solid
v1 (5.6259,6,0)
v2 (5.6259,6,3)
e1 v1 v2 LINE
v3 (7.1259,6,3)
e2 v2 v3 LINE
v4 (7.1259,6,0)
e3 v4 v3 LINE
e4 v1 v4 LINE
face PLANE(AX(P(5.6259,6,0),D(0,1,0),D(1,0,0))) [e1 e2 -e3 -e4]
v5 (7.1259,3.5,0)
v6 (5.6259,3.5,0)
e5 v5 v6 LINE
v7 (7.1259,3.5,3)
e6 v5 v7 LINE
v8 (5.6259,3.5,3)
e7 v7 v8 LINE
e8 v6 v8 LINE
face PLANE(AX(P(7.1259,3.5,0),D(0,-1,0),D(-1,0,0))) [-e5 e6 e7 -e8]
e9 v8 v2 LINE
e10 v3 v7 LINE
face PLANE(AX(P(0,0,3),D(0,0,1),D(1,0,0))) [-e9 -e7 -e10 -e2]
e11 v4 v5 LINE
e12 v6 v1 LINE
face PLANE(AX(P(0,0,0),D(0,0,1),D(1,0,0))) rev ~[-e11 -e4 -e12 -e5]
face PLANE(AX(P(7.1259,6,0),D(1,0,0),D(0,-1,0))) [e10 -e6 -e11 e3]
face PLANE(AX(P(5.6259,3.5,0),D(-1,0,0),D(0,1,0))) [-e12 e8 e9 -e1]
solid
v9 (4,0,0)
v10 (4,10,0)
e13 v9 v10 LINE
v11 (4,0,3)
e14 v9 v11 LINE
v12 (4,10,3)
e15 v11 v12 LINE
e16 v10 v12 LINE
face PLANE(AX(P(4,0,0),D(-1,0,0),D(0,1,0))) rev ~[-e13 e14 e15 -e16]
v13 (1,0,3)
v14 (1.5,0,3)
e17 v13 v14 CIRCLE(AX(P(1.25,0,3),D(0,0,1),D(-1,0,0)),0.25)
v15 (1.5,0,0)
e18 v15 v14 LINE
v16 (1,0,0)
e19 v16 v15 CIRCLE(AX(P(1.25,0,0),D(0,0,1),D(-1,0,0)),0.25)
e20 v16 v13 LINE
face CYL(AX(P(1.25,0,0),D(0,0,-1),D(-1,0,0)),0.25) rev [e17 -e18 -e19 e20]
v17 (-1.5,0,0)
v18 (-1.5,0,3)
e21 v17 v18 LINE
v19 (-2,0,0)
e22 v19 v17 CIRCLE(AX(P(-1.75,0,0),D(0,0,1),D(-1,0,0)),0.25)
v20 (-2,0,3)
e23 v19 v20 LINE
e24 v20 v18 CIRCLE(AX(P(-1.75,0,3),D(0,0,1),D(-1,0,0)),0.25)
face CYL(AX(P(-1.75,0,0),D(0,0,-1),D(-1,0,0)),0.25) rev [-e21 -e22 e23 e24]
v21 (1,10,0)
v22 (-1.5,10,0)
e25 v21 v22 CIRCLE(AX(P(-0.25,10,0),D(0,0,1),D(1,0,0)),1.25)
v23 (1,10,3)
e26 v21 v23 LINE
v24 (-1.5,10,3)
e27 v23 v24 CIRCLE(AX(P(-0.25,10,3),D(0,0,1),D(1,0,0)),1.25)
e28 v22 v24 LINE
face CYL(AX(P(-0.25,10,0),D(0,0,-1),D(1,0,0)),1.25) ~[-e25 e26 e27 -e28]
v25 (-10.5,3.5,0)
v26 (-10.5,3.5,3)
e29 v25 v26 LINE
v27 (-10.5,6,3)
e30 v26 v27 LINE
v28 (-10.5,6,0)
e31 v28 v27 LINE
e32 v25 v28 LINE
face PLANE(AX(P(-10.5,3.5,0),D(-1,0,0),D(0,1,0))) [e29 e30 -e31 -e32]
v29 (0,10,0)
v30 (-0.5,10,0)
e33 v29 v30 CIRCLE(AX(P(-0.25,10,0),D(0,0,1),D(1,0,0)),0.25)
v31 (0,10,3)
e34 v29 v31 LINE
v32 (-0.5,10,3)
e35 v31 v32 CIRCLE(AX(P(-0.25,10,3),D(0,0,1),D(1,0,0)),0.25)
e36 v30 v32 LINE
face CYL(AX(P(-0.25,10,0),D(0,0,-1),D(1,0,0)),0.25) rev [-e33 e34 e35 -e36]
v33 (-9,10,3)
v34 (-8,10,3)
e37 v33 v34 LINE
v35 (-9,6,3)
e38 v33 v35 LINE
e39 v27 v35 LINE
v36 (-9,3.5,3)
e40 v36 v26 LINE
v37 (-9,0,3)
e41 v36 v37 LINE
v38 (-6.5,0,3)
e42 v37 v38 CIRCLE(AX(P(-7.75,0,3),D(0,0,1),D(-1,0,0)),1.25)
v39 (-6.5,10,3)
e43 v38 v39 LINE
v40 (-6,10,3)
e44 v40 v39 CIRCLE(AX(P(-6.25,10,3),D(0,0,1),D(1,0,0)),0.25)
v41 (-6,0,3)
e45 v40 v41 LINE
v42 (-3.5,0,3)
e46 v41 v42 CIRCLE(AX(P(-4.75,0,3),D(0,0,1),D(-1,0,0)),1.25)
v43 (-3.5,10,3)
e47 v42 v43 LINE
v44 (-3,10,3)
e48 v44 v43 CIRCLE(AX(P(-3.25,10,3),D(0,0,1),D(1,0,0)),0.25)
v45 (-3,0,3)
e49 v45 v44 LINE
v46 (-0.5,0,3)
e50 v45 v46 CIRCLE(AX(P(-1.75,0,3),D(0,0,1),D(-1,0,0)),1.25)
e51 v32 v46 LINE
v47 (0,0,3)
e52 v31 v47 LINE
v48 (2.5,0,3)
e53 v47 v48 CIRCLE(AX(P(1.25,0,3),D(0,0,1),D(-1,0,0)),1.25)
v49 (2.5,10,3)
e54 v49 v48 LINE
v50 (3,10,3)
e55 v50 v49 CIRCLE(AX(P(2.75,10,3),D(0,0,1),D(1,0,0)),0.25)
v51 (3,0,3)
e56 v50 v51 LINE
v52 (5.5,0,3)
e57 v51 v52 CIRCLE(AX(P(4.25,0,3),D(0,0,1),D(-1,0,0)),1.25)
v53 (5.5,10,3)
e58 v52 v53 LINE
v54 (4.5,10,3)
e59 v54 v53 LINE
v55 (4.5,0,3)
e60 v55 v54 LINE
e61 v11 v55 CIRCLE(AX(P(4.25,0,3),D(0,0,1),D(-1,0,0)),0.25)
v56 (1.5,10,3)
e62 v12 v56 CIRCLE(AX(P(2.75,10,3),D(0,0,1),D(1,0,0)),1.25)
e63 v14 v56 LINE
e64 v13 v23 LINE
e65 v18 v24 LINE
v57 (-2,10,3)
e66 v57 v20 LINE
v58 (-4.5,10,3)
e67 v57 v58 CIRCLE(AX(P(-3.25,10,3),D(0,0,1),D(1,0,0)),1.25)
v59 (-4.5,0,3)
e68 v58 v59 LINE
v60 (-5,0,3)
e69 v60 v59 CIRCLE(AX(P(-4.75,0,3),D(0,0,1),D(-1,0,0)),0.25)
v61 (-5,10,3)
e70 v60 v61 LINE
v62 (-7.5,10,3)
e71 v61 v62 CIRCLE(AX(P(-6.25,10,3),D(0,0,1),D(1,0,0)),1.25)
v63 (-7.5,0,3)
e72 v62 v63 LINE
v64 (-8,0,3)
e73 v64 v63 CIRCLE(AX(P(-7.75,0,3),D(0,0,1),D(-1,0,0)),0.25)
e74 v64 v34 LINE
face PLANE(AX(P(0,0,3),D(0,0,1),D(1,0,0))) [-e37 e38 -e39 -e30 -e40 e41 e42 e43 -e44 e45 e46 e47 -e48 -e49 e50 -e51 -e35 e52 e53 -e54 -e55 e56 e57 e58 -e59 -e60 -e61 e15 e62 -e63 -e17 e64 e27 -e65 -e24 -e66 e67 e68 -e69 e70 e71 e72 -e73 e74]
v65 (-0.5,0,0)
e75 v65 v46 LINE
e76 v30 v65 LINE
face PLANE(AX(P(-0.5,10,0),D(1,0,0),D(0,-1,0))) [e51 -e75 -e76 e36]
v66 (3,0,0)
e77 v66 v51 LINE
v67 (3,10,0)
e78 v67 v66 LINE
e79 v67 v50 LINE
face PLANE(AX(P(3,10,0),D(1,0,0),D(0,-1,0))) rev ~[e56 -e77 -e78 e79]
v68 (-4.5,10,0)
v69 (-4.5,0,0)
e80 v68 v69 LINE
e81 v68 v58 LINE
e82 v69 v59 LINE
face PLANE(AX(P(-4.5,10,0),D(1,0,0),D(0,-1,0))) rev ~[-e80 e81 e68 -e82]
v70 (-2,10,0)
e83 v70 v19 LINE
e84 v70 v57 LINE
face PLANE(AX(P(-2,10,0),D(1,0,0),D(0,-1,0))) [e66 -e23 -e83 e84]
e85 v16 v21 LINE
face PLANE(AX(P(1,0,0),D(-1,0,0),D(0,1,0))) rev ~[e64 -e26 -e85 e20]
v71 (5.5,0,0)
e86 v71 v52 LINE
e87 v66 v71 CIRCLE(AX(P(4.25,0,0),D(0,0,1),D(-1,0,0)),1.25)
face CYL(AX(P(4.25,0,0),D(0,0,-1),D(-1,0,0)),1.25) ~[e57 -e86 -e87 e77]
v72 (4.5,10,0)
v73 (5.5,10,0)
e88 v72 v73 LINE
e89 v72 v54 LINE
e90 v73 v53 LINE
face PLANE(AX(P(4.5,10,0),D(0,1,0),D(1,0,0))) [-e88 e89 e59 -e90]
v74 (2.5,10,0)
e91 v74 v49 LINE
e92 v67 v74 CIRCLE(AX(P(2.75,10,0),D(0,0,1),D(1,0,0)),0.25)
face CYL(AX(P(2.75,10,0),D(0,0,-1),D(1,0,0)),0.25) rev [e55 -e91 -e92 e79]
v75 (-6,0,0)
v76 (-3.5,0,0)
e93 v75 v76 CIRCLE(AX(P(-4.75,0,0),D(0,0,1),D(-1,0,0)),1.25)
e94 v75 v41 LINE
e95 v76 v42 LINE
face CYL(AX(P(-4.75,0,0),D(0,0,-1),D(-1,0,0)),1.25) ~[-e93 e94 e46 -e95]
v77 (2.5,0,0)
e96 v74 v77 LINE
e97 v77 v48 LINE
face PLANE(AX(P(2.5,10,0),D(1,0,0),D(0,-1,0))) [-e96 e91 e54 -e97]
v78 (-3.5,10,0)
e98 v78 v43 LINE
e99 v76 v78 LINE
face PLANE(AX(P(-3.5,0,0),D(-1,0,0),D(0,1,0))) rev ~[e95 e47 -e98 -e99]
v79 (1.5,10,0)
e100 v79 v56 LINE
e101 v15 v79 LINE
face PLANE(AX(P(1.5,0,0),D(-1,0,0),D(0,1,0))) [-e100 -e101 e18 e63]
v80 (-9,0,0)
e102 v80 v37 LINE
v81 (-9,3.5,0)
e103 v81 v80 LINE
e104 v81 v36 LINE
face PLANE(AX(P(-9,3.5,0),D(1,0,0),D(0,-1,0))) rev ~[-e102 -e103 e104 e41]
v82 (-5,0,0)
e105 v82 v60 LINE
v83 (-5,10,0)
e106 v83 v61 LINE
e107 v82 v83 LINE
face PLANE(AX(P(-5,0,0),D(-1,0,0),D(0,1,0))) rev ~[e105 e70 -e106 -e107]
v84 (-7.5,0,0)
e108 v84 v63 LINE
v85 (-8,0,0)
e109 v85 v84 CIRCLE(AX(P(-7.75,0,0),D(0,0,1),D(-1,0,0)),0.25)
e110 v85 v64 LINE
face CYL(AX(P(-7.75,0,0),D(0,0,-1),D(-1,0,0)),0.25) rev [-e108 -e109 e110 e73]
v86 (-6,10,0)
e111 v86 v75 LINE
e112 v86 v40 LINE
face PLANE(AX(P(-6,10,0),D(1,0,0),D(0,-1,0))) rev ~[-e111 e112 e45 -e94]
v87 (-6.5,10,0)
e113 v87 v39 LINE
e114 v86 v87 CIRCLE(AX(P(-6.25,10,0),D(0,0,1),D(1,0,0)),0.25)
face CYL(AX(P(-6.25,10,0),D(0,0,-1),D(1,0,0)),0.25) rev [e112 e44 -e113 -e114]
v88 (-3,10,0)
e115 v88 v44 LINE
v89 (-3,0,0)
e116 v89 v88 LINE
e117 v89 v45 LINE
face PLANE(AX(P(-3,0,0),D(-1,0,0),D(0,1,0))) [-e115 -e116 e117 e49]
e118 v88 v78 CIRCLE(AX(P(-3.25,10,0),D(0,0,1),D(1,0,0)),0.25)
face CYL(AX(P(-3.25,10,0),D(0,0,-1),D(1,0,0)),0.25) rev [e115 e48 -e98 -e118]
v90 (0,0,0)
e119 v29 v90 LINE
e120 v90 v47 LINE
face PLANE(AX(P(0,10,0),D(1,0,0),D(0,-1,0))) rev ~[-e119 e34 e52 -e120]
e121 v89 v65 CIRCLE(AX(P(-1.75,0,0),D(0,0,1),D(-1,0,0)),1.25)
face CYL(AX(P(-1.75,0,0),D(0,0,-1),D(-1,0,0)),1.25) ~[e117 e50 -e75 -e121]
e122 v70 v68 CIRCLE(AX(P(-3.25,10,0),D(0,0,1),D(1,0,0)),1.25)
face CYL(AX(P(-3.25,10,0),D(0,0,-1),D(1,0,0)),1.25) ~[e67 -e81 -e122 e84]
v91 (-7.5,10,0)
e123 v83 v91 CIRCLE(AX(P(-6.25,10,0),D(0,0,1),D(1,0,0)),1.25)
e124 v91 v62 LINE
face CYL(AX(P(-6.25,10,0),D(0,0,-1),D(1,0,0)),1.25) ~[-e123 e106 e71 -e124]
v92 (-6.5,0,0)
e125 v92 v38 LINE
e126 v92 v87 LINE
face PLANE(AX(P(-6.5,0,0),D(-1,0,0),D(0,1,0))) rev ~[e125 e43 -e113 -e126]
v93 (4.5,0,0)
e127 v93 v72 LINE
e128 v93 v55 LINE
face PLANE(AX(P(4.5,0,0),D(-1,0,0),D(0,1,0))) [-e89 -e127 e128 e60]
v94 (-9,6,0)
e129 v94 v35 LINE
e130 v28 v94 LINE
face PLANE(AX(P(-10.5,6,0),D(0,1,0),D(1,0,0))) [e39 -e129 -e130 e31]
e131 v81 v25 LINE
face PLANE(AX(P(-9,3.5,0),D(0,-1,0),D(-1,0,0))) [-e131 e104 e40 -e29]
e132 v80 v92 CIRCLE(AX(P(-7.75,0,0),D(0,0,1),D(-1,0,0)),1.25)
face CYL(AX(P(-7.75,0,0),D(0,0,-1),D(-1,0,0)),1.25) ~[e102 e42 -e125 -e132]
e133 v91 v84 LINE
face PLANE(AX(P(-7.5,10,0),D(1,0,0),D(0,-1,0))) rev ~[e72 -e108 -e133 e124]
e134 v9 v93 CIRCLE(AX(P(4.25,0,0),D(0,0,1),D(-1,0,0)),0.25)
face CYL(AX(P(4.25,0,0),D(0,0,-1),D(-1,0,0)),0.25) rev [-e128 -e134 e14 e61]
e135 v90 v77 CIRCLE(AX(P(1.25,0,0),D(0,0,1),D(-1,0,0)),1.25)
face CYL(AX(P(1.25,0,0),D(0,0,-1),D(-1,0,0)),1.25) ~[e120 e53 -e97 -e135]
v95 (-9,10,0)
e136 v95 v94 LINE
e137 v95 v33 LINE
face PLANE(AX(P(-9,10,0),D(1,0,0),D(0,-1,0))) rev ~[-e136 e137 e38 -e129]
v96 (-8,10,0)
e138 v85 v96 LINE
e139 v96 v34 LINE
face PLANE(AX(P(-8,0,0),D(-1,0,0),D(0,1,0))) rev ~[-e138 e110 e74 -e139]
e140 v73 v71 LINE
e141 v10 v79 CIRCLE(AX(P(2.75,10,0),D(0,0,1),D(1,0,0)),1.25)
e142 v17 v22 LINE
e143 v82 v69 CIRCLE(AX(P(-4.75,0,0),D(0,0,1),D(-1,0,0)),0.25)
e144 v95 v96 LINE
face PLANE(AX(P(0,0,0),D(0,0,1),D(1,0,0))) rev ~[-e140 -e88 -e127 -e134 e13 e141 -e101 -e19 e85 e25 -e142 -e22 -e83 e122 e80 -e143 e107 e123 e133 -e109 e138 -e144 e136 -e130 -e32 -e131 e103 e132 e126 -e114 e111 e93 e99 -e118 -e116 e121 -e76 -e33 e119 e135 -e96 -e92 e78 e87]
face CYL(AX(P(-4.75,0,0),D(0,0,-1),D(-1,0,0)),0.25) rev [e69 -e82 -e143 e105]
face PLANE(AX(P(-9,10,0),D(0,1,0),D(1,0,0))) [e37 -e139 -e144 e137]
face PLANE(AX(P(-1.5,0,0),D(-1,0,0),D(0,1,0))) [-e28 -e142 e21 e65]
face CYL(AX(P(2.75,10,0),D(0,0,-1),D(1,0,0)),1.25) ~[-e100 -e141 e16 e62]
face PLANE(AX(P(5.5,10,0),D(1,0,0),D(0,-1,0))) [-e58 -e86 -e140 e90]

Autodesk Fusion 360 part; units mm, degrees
sketch "Sketch2" plane through (0, 0, 0) normal (0, 0, 1) x (1, 0, 0)
  line L0 (-0.5, 10) -> (-0.5, 0)
  line L1 (-1.5, 0) -> (-1.5, 10)
  line L2 (-2, 10) -> (-2, 0)
  line L3 (-3, 0) -> (-3, 10)
  arc A0 (-3, 0) -> (-0.5, 0) centre (-1.75, 0) ccw
  arc A1 (-2, 0) -> (-1.5, 0) centre (-1.75, 0) ccw
  arc A2 (0, 10) -> (-0.5, 10) centre (-0.25, 10) ccw
  arc A3 (1, 10) -> (-1.5, 10) centre (-0.25, 10) ccw
  line L4 (2.5, 10) -> (2.5, 0)
  line L5 (1.5, 0) -> (1.5, 10)
  line L6 (4, 0) -> (4, 10)
  line L7 (3, 10) -> (3, 0)
  line L8 (5.5, 10) -> (5.5, 0)
  line L9 (4.5, 0) -> (4.5, 10)
  arc A4 (1, 0) -> (1.5, 0) centre (1.25, 0) ccw
  arc A5 (3, 10) -> (2.5, 10) centre (2.75, 10) ccw
  arc A6 (4, 0) -> (4.5, 0) centre (4.25, 0) ccw
  arc A7 (0, 0) -> (2.5, 0) centre (1.25, 0) ccw
  arc A8 (4, 10) -> (1.5, 10) centre (2.75, 10) ccw
  arc A9 (3, 0) -> (5.5, 0) centre (4.25, 0) ccw
  line L10 (4.5, 10) -> (5.5, 10)
  line L11 (-4.5, 10) -> (-4.5, 0)
  line L12 (-3.5, 0) -> (-3.5, 10)
  line L13 (-6, 10) -> (-6, 0)
  line L14 (-5, 0) -> (-5, 10)
  arc A10 (-3, 10) -> (-3.5, 10) centre (-3.25, 10) ccw
  arc A11 (-2, 10) -> (-4.5, 10) centre (-3.25, 10) ccw
  arc A12 (-5, 0) -> (-4.5, 0) centre (-4.75, 0) ccw
  arc A13 (-6, 0) -> (-3.5, 0) centre (-4.75, 0) ccw
  line L15 (-7.5, 10) -> (-7.5, 0)
  line L16 (-6.5, 0) -> (-6.5, 10)
  line L17 (-9, 10) -> (-9, 0)
  line L18 (-8, 0) -> (-8, 10)
  arc A14 (-6, 10) -> (-6.5, 10) centre (-6.25, 10) ccw
  arc A15 (-5, 10) -> (-7.5, 10) centre (-6.25, 10) ccw
  arc A16 (-8, 0) -> (-7.5, 0) centre (-7.75, 0) ccw
  arc A17 (-9, 0) -> (-6.5, 0) centre (-7.75, 0) ccw
  line L19 (-9, 10) -> (-8, 10)
  line L20 (-10, 5) -> (-9, 5)
  line L21 (-9, 5) -> (-9, 3.5)
  line L22 (-9, 3.5) -> (-10, 3.5)
  line L23 (-10, 3.5) -> (-10, 5)
  line L24 (5.5, 5) -> (6.5, 5)
  line L25 (6.5, 5) -> (6.5, 3.5)
  line L26 (6.5, 3.5) -> (5.5, 3.5)
  line L27 (5.5, 3.5) -> (5.5, 5)
  line L28 (0, 10) -> (0, 0)
  line L29 (1, 0) -> (1, 10)
extrude "Extrude1" add sketch "Sketch2" along normal blind 3 contours L0 L1 L2 L3 A0 A1 A2 A3 L4 L5 L6 L7 L8 L9 A4 A5 A6 A7 A8 A9 L10 L11 L12 L13 L14 A10 A11 A12 A13 L15 L16 L17 L18 A14 A15 A16 A17 L19 L21 L27 L28 L29 makes body 1
sketch "Sketch3" plane through (0, 0, 0) normal (0, 0, 1) x (1, 0, 0)
  line L0 (-10.5, 6) -> (-9, 6)
  line L1 (-9, 6) -> (-9, 3.5)
  line L2 (-9, 3.5) -> (-10.5, 3.5)
  line L3 (-10.5, 3.5) -> (-10.5, 6)
  line L4 (5.6259, 6) -> (7.1259, 6)
  line L5 (7.1259, 6) -> (7.1259, 3.5)
  line L6 (7.1259, 3.5) -> (5.6259, 3.5)
  line L7 (5.6259, 3.5) -> (5.6259, 6)
  dimension "d5" = 1.5
extrude "Extrude2" add sketch "Sketch3" along normal blind 3 bodies 1 makes body 2 at (7.1259, 5.1667, 1)
